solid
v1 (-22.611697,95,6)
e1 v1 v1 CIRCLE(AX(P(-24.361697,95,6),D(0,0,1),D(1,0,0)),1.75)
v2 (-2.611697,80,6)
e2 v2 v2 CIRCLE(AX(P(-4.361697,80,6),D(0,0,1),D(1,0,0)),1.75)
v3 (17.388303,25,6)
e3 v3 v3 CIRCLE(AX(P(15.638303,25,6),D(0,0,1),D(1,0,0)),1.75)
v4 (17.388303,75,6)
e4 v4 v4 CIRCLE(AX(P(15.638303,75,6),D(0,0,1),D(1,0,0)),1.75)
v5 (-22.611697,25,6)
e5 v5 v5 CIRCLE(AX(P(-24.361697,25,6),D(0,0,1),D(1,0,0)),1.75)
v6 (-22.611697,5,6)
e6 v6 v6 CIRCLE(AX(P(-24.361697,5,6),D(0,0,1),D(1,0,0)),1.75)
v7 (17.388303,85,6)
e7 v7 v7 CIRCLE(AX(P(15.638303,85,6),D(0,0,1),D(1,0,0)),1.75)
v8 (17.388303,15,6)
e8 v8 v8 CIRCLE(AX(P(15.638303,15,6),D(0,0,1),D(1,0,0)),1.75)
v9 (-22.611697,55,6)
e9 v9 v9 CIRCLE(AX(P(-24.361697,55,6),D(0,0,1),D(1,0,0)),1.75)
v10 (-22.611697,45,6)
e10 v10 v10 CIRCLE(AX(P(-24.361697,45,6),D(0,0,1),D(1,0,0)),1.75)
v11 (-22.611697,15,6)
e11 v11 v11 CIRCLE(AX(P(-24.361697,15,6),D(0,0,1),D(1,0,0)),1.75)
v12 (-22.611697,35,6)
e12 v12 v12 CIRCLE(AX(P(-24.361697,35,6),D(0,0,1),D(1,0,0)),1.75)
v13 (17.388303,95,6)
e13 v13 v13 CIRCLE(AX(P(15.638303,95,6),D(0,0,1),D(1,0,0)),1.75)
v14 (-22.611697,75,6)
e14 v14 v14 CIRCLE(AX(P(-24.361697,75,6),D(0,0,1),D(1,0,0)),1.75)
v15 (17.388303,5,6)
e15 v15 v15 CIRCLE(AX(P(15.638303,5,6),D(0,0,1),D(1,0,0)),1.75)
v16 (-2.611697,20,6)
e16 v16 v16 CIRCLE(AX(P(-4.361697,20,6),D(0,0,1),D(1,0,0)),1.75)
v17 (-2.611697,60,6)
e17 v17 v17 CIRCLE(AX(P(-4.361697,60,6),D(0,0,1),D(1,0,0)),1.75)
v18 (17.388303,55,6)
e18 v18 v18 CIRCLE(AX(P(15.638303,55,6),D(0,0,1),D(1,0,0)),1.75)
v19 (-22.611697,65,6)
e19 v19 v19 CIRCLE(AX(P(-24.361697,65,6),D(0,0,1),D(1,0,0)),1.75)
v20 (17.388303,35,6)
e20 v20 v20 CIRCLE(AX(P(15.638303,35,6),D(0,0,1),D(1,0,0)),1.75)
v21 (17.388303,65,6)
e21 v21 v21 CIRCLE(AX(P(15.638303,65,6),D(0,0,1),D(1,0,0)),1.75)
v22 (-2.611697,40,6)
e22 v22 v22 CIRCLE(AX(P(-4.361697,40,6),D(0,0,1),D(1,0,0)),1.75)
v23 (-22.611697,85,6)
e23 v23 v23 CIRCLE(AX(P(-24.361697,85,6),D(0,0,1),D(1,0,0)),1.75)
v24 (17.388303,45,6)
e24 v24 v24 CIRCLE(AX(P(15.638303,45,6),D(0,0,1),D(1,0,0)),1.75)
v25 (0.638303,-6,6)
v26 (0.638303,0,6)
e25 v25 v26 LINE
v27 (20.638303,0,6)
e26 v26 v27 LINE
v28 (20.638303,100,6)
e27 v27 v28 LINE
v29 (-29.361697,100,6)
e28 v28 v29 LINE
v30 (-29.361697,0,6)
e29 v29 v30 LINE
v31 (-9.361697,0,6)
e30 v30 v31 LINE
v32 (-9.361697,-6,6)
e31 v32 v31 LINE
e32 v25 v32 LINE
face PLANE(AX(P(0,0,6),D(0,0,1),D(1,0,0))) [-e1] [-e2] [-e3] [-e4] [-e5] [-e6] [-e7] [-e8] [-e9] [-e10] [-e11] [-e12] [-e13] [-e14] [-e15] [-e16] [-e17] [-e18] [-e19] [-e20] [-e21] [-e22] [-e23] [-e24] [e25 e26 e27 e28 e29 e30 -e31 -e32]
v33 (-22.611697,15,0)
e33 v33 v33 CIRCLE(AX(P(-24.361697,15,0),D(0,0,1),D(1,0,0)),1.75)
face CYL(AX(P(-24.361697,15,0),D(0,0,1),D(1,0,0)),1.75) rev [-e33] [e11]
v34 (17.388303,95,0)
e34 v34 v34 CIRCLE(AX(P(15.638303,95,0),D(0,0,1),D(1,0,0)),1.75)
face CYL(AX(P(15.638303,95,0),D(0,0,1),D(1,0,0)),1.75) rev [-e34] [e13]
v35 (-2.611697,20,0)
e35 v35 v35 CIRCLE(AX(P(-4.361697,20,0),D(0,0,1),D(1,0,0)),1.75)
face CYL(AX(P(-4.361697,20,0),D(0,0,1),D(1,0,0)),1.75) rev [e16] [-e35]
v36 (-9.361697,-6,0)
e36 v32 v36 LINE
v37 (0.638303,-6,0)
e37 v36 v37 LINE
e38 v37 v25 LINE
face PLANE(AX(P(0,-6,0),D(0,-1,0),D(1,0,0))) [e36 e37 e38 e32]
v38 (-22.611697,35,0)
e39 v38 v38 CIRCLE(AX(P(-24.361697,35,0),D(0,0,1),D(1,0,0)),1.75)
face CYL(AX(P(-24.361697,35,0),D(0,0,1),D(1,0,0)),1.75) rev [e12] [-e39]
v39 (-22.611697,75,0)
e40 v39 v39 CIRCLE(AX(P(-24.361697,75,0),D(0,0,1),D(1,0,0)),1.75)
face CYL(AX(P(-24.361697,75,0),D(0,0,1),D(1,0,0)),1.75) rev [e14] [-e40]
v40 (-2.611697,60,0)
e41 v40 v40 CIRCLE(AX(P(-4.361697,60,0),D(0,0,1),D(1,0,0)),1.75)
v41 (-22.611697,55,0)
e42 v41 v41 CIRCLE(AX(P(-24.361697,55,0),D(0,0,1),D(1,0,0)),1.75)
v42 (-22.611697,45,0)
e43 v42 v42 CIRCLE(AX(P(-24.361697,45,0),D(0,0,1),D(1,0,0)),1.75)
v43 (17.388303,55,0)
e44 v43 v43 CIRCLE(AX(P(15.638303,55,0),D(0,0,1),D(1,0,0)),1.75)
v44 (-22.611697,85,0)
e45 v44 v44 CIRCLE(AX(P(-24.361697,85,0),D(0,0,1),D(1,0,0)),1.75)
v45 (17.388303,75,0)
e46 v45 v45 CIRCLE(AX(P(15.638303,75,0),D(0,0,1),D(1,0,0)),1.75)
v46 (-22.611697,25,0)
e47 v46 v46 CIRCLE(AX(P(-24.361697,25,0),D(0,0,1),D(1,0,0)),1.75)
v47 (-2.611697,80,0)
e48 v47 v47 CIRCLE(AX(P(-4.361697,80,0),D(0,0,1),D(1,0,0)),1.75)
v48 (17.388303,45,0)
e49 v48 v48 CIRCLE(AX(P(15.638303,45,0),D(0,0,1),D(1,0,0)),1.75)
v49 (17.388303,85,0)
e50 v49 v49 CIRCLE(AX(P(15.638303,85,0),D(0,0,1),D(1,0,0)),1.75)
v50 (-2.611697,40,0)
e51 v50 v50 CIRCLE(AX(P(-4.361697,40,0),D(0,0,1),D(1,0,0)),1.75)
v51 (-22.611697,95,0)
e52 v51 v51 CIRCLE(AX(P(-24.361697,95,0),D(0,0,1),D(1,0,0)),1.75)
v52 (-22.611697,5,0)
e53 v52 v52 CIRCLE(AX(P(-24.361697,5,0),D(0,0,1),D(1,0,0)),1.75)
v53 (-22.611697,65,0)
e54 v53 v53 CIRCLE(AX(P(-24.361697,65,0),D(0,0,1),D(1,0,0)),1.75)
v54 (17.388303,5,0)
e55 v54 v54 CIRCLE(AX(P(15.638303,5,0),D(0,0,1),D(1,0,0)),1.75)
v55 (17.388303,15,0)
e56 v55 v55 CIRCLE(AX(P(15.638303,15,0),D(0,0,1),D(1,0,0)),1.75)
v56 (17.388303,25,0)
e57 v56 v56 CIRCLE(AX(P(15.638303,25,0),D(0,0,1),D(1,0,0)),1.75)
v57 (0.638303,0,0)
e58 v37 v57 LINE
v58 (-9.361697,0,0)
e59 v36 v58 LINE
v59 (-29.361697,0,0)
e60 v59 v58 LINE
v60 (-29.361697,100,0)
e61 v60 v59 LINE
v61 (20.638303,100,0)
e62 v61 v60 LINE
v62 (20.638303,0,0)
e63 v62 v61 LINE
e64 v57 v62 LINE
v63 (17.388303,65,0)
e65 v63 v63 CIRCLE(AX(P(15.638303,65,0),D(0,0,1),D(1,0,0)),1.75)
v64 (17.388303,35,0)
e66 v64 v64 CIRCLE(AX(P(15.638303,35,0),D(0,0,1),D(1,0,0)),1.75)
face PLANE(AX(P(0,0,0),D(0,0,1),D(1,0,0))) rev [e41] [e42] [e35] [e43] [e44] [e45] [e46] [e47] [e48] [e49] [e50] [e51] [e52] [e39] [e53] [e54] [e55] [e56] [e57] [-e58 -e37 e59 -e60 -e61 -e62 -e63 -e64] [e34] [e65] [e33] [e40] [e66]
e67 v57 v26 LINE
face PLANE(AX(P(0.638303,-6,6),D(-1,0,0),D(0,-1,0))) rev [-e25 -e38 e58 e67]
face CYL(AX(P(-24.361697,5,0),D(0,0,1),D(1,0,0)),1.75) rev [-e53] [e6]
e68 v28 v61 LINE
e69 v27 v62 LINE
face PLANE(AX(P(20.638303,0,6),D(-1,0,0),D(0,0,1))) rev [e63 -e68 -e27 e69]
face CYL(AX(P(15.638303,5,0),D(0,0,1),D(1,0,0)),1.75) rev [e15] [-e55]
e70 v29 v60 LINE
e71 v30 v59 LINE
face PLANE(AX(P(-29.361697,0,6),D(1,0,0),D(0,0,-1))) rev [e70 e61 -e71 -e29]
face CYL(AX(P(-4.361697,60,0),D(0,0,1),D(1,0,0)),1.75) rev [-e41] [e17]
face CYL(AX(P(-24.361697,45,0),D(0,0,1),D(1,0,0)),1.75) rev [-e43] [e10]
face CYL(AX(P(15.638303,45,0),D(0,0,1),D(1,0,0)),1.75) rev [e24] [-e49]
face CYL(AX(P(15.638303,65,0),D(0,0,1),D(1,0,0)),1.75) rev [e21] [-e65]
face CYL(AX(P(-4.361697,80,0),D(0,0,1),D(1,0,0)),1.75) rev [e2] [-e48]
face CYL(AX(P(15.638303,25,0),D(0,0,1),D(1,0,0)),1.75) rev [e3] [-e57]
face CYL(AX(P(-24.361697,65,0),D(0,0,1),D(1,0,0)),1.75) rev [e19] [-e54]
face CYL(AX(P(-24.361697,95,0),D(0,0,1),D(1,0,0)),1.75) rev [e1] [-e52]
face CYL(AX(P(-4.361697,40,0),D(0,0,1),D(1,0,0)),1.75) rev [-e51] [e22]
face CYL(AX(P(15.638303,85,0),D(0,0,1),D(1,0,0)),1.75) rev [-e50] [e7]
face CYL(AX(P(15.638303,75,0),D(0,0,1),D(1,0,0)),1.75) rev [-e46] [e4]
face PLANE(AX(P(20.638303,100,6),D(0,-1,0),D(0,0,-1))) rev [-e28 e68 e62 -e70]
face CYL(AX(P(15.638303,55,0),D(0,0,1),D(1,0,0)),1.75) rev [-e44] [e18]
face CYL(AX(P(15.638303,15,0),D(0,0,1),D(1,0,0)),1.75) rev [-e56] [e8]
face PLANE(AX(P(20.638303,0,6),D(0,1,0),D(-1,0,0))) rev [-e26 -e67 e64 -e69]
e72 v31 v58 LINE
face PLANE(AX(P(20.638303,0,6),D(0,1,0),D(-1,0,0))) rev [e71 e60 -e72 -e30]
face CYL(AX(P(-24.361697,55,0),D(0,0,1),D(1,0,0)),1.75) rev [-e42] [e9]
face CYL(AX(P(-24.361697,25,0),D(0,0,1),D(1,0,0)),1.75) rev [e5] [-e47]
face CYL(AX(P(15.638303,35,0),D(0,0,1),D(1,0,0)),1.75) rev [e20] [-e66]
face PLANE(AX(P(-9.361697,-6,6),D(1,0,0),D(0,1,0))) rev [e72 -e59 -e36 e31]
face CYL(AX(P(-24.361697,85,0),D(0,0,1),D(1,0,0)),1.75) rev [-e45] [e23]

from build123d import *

# Parameters (mm, degrees)
ESBO_O1_W                  = 50
ESBO_O1_H                  = 100
RESSALTO_EXTRUS_O1_DEPTH   = 6
CORTE_EXTRUS_O1_DEPTH      = 105.394009728
CORTE_EXTRUS_O1_DEPTH_BACK = 105.394009728
ESBO_O2_R                  = 1.75
ESBO_O3_R                  = 1.75
CORTE_EXTRUS_O2_DEPTH      = 105.394009728
ESBO_O4_W                  = 10
ESBO_O4_H                  = 6
RESSALTO_EXTRUS_O2_DEPTH   = 6


with BuildPart() as part:
    # Esboço1 → Ressalto-extrusão1 (new body)
    with BuildSketch(Plane.XY):
        with Locations((-4.361697279, 50)):
            Rectangle(ESBO_O1_W, ESBO_O1_H)
    extrude(amount=RESSALTO_EXTRUS_O1_DEPTH)

    # Esboço2 → Corte-extrusão1 (cut, two sides: drawn at the far end of the back side and taken through both)
    with BuildSketch(Plane.XY.offset(6).offset(-CORTE_EXTRUS_O1_DEPTH_BACK)):
        with Locations((-24.361697279, 95)):
            Circle(ESBO_O2_R)
        with Locations((-24.361697279, 85)):
            Circle(ESBO_O2_R)
        with Locations((-24.361697279, 75)):
            Circle(ESBO_O2_R)
        with Locations((-24.361697279, 65)):
            Circle(ESBO_O2_R)
        with Locations((-24.361697279, 55)):
            Circle(ESBO_O2_R)
        with Locations((-24.361697279, 45)):
            Circle(ESBO_O2_R)
        with Locations((-24.361697279, 35)):
            Circle(ESBO_O2_R)
        with Locations((-24.361697279, 25)):
            Circle(ESBO_O2_R)
        with Locations((-24.361697279, 15)):
            Circle(ESBO_O2_R)
        with Locations((-24.361697279, 5)):
            Circle(ESBO_O2_R)
        with Locations((15.638302721, 95)):
            Circle(ESBO_O2_R)
        with Locations((15.638302721, 85)):
            Circle(ESBO_O2_R)
        with Locations((15.638302721, 75)):
            Circle(ESBO_O2_R)
        with Locations((15.638302721, 65)):
            Circle(ESBO_O2_R)
        with Locations((15.638302721, 55)):
            Circle(ESBO_O2_R)
        with Locations((15.638302721, 45)):
            Circle(ESBO_O2_R)
        with Locations((15.638302721, 35)):
            Circle(ESBO_O2_R)
        with Locations((15.638302721, 25)):
            Circle(ESBO_O2_R)
        with Locations((15.638302721, 15)):
            Circle(ESBO_O2_R)
        with Locations((15.638302721, 5)):
            Circle(ESBO_O2_R)
    extrude(amount=CORTE_EXTRUS_O1_DEPTH + CORTE_EXTRUS_O1_DEPTH_BACK, mode=Mode.SUBTRACT)

    # Esboço3 → Corte-extrusão2 (cut, through all)
    with BuildSketch(Plane.XY.offset(6)):
        with Locations((-4.361697279, 80)):
            Circle(ESBO_O3_R)
        with Locations((-4.361697279, 60)):
            Circle(ESBO_O3_R)
        with Locations((-4.361697279, 40)):
            Circle(ESBO_O3_R)
        with Locations((-4.361697279, 20)):
            Circle(ESBO_O3_R)
    extrude(amount=-CORTE_EXTRUS_O2_DEPTH, mode=Mode.SUBTRACT)

    # Esboço4 → Ressalto-extrusão2 (add)
    with BuildSketch(Plane(origin=(0, 0, 0), x_dir=(-1, 0, 0), z_dir=(0, -1, 0))):
        with Locations((4.361697279, -3)):
            Rectangle(ESBO_O4_W, ESBO_O4_H)
    extrude(amount=RESSALTO_EXTRUS_O2_DEPTH)


solid = part.part
